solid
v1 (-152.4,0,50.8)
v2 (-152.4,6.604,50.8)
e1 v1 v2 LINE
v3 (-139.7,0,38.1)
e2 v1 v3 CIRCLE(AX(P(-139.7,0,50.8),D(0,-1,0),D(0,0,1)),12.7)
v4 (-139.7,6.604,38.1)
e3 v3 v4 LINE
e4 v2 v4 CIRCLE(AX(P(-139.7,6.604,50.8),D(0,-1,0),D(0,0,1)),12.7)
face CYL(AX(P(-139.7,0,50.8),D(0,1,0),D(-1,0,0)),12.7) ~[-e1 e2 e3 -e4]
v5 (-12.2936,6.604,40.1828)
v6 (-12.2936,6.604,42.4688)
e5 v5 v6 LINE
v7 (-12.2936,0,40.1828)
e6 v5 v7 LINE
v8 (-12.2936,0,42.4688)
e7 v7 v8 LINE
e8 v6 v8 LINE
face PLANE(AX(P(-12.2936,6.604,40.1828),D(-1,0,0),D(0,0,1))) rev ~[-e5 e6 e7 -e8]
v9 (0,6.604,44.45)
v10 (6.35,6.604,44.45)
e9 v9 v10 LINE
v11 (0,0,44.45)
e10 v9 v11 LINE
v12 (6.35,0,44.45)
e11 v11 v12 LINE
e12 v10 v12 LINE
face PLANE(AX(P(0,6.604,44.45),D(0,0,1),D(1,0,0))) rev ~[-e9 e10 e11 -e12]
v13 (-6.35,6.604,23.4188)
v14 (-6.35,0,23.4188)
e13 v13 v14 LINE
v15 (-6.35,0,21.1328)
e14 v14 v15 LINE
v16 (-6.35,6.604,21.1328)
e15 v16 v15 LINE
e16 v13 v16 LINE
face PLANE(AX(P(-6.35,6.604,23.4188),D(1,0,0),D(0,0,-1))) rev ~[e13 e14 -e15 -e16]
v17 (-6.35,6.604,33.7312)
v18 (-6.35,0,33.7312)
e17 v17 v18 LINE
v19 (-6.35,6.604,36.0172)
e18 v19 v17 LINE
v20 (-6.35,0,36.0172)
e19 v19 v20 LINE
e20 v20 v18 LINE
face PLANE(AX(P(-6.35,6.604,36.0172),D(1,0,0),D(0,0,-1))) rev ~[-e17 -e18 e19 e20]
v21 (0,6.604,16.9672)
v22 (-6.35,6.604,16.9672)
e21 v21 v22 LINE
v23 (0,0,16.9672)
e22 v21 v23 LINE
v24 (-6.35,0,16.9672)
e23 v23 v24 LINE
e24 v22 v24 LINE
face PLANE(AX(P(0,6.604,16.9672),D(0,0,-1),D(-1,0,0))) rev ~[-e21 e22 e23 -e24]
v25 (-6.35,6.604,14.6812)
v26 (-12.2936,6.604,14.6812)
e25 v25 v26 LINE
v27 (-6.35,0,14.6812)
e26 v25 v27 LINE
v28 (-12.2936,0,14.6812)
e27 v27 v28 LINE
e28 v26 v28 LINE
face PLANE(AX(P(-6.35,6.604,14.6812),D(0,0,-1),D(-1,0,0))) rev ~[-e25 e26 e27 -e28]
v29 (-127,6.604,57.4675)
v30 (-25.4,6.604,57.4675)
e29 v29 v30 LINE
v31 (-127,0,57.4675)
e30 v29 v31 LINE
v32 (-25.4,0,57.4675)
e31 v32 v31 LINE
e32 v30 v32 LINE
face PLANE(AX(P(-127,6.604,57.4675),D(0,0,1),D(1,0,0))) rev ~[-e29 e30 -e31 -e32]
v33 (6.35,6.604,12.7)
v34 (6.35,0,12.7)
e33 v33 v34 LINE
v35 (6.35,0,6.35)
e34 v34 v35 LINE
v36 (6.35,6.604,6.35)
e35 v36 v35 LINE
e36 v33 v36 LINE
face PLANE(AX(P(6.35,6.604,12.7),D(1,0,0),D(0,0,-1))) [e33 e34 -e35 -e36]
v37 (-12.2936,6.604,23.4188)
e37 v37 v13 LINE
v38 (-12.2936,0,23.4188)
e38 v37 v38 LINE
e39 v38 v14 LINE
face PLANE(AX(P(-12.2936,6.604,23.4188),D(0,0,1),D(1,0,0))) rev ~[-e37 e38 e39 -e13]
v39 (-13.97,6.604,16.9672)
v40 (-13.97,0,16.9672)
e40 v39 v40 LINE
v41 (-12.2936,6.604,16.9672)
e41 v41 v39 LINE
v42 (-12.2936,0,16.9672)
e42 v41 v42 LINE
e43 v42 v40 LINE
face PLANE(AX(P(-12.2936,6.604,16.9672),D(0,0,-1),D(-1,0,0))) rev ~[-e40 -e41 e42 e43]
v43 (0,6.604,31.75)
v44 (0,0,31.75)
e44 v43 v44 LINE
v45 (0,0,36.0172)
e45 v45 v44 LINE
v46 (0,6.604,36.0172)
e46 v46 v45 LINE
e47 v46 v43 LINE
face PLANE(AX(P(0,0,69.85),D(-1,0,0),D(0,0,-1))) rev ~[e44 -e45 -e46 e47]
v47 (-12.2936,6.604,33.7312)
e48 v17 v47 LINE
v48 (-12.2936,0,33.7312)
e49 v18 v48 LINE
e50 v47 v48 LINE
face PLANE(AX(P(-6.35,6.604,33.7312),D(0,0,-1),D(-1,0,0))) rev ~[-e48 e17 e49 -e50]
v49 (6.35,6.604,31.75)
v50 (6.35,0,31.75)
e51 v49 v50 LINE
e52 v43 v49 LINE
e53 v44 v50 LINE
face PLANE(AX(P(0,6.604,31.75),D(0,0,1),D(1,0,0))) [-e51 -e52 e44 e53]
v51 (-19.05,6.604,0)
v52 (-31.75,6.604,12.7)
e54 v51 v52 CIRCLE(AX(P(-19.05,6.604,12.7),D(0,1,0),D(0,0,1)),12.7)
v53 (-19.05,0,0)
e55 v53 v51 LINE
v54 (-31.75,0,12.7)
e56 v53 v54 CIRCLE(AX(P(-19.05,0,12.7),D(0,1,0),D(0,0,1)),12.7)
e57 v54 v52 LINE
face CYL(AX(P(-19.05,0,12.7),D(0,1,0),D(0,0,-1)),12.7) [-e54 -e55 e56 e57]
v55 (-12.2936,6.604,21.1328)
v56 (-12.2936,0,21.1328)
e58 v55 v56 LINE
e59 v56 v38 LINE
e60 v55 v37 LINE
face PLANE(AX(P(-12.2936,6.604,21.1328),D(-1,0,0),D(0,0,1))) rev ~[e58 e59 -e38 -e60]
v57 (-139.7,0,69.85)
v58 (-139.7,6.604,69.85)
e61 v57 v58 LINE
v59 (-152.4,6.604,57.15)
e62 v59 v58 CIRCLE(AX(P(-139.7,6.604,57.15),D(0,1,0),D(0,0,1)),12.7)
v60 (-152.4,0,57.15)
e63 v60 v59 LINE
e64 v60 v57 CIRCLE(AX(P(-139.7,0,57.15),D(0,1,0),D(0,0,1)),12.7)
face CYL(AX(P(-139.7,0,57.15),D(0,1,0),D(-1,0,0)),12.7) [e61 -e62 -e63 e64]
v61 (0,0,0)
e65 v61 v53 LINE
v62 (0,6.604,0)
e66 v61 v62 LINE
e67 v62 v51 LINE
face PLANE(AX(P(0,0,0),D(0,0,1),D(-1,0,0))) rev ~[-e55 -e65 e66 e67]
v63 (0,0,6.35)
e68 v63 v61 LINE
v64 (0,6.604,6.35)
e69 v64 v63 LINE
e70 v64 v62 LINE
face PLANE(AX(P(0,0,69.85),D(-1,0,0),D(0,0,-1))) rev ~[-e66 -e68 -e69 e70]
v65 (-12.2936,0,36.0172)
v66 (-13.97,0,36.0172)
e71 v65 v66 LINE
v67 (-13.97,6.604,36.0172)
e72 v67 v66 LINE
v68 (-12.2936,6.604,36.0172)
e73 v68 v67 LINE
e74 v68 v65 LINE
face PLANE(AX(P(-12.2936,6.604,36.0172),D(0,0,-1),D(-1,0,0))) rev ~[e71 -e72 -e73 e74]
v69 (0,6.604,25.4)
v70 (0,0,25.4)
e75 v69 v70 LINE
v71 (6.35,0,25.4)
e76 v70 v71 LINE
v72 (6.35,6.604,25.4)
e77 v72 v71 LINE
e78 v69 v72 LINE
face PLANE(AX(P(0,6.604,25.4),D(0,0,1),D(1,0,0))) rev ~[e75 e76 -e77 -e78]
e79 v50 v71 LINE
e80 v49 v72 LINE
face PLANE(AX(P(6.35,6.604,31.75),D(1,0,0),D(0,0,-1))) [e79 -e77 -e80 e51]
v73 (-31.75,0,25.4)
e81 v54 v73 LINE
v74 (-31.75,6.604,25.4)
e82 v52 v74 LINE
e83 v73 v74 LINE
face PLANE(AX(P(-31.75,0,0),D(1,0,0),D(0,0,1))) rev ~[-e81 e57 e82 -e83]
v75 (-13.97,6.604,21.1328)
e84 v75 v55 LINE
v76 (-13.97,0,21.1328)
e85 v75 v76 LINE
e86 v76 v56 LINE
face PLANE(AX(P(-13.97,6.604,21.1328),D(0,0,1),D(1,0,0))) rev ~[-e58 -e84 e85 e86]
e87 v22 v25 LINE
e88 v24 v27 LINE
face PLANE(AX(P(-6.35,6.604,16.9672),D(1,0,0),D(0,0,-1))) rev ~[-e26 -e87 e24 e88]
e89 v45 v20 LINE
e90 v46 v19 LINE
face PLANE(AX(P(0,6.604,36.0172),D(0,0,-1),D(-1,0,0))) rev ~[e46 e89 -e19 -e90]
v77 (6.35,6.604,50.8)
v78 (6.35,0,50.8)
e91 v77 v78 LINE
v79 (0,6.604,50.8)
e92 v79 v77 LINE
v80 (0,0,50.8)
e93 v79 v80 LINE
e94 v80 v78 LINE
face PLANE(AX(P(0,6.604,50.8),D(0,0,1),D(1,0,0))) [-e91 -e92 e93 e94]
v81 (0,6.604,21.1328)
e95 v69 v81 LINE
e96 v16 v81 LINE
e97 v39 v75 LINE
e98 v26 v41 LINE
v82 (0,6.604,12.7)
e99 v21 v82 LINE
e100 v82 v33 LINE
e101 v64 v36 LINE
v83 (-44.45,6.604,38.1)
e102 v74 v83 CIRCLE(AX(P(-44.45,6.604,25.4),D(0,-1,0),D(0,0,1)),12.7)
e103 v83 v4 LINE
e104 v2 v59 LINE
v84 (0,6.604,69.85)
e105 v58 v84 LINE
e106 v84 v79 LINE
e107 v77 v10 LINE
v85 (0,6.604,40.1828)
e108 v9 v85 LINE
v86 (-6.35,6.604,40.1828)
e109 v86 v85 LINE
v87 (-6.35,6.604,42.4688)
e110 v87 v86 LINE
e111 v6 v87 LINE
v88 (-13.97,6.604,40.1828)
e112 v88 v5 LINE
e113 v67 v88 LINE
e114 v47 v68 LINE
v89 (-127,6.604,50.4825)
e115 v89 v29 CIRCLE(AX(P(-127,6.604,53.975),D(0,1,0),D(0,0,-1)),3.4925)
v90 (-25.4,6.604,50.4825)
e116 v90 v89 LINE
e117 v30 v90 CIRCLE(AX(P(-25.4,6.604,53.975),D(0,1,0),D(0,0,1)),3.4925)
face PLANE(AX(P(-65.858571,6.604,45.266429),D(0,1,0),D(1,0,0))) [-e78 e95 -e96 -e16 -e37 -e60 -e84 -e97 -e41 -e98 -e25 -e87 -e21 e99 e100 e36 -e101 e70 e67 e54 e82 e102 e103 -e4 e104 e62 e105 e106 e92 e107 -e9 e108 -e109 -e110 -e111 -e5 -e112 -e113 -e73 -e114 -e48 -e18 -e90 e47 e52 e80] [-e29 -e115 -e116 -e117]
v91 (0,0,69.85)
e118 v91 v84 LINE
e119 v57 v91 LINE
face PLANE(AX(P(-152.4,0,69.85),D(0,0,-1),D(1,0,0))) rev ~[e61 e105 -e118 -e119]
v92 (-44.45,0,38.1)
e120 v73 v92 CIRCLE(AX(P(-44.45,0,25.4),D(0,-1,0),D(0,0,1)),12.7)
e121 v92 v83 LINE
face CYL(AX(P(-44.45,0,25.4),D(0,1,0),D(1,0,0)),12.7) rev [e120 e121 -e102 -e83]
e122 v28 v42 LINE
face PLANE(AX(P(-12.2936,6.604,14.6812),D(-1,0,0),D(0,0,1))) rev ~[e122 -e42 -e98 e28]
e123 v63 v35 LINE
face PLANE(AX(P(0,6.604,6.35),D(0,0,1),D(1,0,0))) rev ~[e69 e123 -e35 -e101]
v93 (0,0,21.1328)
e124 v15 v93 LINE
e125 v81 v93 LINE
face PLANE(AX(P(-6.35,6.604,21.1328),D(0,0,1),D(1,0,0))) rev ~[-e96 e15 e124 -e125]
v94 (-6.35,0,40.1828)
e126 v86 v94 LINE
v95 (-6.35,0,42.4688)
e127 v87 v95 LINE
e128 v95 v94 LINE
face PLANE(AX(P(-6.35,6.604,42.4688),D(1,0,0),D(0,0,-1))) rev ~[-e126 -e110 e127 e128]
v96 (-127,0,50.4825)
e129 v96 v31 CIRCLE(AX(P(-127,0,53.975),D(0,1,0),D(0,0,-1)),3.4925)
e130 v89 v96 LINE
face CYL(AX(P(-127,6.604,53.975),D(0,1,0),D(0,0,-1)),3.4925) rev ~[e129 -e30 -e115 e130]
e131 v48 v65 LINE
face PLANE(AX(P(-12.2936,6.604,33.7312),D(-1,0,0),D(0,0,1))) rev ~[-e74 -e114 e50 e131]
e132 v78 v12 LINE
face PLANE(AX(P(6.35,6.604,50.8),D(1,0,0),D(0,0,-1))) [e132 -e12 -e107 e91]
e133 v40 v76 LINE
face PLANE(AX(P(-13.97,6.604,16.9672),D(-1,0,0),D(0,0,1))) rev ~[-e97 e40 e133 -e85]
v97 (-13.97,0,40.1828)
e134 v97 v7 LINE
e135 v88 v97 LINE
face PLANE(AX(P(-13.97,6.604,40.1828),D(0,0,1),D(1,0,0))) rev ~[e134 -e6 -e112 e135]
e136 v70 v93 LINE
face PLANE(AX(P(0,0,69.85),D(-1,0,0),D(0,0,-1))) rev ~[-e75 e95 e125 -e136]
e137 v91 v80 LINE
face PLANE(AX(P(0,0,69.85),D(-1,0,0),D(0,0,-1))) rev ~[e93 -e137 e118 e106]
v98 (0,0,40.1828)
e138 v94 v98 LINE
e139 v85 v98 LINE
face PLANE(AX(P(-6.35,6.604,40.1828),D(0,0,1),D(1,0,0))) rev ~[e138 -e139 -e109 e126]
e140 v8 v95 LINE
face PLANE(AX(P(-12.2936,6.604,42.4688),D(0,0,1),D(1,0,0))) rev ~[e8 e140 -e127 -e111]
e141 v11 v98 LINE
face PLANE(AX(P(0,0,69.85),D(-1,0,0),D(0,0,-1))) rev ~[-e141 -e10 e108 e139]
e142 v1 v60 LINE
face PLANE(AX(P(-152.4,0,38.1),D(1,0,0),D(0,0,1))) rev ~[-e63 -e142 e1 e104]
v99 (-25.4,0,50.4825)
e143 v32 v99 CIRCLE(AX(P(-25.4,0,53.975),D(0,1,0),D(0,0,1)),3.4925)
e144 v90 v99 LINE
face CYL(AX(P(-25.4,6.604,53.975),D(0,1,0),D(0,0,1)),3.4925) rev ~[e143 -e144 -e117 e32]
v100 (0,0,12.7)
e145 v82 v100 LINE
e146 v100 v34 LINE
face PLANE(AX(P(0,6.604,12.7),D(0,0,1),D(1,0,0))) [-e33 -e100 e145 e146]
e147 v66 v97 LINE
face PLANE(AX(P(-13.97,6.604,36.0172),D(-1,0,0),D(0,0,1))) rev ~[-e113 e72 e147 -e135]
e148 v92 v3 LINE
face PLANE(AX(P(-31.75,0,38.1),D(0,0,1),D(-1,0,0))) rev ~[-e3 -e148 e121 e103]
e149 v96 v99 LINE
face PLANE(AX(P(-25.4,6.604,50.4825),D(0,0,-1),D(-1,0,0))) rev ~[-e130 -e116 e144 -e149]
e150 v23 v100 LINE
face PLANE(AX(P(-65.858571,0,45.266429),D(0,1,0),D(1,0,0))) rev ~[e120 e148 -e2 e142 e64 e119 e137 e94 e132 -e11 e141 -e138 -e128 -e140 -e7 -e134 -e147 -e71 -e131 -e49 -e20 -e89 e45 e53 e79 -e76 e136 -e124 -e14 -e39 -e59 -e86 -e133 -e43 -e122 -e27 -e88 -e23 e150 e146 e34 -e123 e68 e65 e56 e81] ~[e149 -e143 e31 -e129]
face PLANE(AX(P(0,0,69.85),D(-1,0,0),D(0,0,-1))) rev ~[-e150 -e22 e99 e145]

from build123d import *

# Parameters (mm, degrees)
BOSS_EXTRUDE1_DEPTH = 6.604
FILLET1_R           = 12.7
CUT_EXTRUDE1_REACH  = 8.604
CUT_EXTRUDE2_DEPTH  = 7.604
SKETCH5_W           = 6.35
SKETCH5_H           = 6.35
BOSS_EXTRUDE2_DEPTH = 6.604


with BuildPart() as part:
    # Sketch1 → Boss-Extrude1 (new body)
    with BuildSketch(Plane(origin=(0, 0, 0), x_dir=(1, 0, 0), z_dir=(0, 1, 0))):
        Polygon((-152.4, -38.1), (-152.4, -69.85), (0, -69.85), (0, 0), (-31.75, 0), (-31.75, -38.1), align=None)
    extrude(amount=BOSS_EXTRUDE1_DEPTH)

    # Fillet1
    fillet1_edges = [part.edges().sort_by_distance(p)[0] for p in [
        (-152.4, 3.302, 69.85),
        (-152.4, 3.302, 38.1),
        (-31.75, 3.302, 38.1),
        (-31.75, 3.302, 0),
    ]]
    fillet(fillet1_edges, radius=FILLET1_R)

    # Sketch2 → Cut-Extrude1 (cut, up to next)
    with BuildSketch(Plane(origin=(0, 6.604, 0), x_dir=(1, 0, 0), z_dir=(0, 1, 0)), mode=Mode.PRIVATE) as cut_extrude1_sk1:
        with BuildLine():
            Line((-127, -57.4675), (-25.4, -57.4675))
            ThreePointArc((-25.4, -57.4675), (-21.9075, -53.975), (-25.4, -50.4825))
            Line((-25.4, -50.4825), (-127, -50.4825))
            ThreePointArc((-127, -50.4825), (-130.4925, -53.975), (-127, -57.4675))
        make_face()
    cut_extrude1_tool1 = extrude(cut_extrude1_sk1.sketch, amount=-CUT_EXTRUDE1_REACH, mode=Mode.PRIVATE) & part.part
    add(cut_extrude1_tool1.solids().sort_by_distance((-76.2, 6.604, 53.975))[0], mode=Mode.SUBTRACT)

    # Sketch4 → Cut-Extrude2 (cut, through all)
    with BuildSketch(Plane(origin=(0, 6.604, 0), x_dir=(1, 0, 0), z_dir=(0, 1, 0))):
        Polygon((0, -16.9672), (-6.35, -16.9672), (-6.35, -14.6812), (-12.2936, -14.6812), (-12.2936, -16.9672), (-13.97, -16.9672), (-13.97, -21.1328), (-12.2936, -21.1328), (-12.2936, -23.4188), (-6.35, -23.4188), (-6.35, -21.1328), (0, -21.1328), align=None)
        Polygon((0, -36.0172), (-6.35, -36.0172), (-6.35, -33.7312), (-12.2936, -33.7312), (-12.2936, -36.0172), (-13.97, -36.0172), (-13.97, -40.1828), (-12.2936, -40.1828), (-12.2936, -42.4688), (-6.35, -42.4688), (-6.35, -40.1828), (0, -40.1828), align=None)
    extrude(amount=-CUT_EXTRUDE2_DEPTH, mode=Mode.SUBTRACT)

    # Sketch5 → Boss-Extrude2 (add)
    with BuildSketch(Plane(origin=(0, 6.604, 0), x_dir=(1, 0, 0), z_dir=(0, 1, 0))):
        with Locations((3.175, -9.525)):
            Rectangle(SKETCH5_W, SKETCH5_H)
        with Locations((3.175, -28.575)):
            Rectangle(SKETCH5_W, SKETCH5_H)
        with Locations((3.175, -47.625)):
            Rectangle(SKETCH5_W, SKETCH5_H)
    extrude(amount=-BOSS_EXTRUDE2_DEPTH)


solid = part.part
